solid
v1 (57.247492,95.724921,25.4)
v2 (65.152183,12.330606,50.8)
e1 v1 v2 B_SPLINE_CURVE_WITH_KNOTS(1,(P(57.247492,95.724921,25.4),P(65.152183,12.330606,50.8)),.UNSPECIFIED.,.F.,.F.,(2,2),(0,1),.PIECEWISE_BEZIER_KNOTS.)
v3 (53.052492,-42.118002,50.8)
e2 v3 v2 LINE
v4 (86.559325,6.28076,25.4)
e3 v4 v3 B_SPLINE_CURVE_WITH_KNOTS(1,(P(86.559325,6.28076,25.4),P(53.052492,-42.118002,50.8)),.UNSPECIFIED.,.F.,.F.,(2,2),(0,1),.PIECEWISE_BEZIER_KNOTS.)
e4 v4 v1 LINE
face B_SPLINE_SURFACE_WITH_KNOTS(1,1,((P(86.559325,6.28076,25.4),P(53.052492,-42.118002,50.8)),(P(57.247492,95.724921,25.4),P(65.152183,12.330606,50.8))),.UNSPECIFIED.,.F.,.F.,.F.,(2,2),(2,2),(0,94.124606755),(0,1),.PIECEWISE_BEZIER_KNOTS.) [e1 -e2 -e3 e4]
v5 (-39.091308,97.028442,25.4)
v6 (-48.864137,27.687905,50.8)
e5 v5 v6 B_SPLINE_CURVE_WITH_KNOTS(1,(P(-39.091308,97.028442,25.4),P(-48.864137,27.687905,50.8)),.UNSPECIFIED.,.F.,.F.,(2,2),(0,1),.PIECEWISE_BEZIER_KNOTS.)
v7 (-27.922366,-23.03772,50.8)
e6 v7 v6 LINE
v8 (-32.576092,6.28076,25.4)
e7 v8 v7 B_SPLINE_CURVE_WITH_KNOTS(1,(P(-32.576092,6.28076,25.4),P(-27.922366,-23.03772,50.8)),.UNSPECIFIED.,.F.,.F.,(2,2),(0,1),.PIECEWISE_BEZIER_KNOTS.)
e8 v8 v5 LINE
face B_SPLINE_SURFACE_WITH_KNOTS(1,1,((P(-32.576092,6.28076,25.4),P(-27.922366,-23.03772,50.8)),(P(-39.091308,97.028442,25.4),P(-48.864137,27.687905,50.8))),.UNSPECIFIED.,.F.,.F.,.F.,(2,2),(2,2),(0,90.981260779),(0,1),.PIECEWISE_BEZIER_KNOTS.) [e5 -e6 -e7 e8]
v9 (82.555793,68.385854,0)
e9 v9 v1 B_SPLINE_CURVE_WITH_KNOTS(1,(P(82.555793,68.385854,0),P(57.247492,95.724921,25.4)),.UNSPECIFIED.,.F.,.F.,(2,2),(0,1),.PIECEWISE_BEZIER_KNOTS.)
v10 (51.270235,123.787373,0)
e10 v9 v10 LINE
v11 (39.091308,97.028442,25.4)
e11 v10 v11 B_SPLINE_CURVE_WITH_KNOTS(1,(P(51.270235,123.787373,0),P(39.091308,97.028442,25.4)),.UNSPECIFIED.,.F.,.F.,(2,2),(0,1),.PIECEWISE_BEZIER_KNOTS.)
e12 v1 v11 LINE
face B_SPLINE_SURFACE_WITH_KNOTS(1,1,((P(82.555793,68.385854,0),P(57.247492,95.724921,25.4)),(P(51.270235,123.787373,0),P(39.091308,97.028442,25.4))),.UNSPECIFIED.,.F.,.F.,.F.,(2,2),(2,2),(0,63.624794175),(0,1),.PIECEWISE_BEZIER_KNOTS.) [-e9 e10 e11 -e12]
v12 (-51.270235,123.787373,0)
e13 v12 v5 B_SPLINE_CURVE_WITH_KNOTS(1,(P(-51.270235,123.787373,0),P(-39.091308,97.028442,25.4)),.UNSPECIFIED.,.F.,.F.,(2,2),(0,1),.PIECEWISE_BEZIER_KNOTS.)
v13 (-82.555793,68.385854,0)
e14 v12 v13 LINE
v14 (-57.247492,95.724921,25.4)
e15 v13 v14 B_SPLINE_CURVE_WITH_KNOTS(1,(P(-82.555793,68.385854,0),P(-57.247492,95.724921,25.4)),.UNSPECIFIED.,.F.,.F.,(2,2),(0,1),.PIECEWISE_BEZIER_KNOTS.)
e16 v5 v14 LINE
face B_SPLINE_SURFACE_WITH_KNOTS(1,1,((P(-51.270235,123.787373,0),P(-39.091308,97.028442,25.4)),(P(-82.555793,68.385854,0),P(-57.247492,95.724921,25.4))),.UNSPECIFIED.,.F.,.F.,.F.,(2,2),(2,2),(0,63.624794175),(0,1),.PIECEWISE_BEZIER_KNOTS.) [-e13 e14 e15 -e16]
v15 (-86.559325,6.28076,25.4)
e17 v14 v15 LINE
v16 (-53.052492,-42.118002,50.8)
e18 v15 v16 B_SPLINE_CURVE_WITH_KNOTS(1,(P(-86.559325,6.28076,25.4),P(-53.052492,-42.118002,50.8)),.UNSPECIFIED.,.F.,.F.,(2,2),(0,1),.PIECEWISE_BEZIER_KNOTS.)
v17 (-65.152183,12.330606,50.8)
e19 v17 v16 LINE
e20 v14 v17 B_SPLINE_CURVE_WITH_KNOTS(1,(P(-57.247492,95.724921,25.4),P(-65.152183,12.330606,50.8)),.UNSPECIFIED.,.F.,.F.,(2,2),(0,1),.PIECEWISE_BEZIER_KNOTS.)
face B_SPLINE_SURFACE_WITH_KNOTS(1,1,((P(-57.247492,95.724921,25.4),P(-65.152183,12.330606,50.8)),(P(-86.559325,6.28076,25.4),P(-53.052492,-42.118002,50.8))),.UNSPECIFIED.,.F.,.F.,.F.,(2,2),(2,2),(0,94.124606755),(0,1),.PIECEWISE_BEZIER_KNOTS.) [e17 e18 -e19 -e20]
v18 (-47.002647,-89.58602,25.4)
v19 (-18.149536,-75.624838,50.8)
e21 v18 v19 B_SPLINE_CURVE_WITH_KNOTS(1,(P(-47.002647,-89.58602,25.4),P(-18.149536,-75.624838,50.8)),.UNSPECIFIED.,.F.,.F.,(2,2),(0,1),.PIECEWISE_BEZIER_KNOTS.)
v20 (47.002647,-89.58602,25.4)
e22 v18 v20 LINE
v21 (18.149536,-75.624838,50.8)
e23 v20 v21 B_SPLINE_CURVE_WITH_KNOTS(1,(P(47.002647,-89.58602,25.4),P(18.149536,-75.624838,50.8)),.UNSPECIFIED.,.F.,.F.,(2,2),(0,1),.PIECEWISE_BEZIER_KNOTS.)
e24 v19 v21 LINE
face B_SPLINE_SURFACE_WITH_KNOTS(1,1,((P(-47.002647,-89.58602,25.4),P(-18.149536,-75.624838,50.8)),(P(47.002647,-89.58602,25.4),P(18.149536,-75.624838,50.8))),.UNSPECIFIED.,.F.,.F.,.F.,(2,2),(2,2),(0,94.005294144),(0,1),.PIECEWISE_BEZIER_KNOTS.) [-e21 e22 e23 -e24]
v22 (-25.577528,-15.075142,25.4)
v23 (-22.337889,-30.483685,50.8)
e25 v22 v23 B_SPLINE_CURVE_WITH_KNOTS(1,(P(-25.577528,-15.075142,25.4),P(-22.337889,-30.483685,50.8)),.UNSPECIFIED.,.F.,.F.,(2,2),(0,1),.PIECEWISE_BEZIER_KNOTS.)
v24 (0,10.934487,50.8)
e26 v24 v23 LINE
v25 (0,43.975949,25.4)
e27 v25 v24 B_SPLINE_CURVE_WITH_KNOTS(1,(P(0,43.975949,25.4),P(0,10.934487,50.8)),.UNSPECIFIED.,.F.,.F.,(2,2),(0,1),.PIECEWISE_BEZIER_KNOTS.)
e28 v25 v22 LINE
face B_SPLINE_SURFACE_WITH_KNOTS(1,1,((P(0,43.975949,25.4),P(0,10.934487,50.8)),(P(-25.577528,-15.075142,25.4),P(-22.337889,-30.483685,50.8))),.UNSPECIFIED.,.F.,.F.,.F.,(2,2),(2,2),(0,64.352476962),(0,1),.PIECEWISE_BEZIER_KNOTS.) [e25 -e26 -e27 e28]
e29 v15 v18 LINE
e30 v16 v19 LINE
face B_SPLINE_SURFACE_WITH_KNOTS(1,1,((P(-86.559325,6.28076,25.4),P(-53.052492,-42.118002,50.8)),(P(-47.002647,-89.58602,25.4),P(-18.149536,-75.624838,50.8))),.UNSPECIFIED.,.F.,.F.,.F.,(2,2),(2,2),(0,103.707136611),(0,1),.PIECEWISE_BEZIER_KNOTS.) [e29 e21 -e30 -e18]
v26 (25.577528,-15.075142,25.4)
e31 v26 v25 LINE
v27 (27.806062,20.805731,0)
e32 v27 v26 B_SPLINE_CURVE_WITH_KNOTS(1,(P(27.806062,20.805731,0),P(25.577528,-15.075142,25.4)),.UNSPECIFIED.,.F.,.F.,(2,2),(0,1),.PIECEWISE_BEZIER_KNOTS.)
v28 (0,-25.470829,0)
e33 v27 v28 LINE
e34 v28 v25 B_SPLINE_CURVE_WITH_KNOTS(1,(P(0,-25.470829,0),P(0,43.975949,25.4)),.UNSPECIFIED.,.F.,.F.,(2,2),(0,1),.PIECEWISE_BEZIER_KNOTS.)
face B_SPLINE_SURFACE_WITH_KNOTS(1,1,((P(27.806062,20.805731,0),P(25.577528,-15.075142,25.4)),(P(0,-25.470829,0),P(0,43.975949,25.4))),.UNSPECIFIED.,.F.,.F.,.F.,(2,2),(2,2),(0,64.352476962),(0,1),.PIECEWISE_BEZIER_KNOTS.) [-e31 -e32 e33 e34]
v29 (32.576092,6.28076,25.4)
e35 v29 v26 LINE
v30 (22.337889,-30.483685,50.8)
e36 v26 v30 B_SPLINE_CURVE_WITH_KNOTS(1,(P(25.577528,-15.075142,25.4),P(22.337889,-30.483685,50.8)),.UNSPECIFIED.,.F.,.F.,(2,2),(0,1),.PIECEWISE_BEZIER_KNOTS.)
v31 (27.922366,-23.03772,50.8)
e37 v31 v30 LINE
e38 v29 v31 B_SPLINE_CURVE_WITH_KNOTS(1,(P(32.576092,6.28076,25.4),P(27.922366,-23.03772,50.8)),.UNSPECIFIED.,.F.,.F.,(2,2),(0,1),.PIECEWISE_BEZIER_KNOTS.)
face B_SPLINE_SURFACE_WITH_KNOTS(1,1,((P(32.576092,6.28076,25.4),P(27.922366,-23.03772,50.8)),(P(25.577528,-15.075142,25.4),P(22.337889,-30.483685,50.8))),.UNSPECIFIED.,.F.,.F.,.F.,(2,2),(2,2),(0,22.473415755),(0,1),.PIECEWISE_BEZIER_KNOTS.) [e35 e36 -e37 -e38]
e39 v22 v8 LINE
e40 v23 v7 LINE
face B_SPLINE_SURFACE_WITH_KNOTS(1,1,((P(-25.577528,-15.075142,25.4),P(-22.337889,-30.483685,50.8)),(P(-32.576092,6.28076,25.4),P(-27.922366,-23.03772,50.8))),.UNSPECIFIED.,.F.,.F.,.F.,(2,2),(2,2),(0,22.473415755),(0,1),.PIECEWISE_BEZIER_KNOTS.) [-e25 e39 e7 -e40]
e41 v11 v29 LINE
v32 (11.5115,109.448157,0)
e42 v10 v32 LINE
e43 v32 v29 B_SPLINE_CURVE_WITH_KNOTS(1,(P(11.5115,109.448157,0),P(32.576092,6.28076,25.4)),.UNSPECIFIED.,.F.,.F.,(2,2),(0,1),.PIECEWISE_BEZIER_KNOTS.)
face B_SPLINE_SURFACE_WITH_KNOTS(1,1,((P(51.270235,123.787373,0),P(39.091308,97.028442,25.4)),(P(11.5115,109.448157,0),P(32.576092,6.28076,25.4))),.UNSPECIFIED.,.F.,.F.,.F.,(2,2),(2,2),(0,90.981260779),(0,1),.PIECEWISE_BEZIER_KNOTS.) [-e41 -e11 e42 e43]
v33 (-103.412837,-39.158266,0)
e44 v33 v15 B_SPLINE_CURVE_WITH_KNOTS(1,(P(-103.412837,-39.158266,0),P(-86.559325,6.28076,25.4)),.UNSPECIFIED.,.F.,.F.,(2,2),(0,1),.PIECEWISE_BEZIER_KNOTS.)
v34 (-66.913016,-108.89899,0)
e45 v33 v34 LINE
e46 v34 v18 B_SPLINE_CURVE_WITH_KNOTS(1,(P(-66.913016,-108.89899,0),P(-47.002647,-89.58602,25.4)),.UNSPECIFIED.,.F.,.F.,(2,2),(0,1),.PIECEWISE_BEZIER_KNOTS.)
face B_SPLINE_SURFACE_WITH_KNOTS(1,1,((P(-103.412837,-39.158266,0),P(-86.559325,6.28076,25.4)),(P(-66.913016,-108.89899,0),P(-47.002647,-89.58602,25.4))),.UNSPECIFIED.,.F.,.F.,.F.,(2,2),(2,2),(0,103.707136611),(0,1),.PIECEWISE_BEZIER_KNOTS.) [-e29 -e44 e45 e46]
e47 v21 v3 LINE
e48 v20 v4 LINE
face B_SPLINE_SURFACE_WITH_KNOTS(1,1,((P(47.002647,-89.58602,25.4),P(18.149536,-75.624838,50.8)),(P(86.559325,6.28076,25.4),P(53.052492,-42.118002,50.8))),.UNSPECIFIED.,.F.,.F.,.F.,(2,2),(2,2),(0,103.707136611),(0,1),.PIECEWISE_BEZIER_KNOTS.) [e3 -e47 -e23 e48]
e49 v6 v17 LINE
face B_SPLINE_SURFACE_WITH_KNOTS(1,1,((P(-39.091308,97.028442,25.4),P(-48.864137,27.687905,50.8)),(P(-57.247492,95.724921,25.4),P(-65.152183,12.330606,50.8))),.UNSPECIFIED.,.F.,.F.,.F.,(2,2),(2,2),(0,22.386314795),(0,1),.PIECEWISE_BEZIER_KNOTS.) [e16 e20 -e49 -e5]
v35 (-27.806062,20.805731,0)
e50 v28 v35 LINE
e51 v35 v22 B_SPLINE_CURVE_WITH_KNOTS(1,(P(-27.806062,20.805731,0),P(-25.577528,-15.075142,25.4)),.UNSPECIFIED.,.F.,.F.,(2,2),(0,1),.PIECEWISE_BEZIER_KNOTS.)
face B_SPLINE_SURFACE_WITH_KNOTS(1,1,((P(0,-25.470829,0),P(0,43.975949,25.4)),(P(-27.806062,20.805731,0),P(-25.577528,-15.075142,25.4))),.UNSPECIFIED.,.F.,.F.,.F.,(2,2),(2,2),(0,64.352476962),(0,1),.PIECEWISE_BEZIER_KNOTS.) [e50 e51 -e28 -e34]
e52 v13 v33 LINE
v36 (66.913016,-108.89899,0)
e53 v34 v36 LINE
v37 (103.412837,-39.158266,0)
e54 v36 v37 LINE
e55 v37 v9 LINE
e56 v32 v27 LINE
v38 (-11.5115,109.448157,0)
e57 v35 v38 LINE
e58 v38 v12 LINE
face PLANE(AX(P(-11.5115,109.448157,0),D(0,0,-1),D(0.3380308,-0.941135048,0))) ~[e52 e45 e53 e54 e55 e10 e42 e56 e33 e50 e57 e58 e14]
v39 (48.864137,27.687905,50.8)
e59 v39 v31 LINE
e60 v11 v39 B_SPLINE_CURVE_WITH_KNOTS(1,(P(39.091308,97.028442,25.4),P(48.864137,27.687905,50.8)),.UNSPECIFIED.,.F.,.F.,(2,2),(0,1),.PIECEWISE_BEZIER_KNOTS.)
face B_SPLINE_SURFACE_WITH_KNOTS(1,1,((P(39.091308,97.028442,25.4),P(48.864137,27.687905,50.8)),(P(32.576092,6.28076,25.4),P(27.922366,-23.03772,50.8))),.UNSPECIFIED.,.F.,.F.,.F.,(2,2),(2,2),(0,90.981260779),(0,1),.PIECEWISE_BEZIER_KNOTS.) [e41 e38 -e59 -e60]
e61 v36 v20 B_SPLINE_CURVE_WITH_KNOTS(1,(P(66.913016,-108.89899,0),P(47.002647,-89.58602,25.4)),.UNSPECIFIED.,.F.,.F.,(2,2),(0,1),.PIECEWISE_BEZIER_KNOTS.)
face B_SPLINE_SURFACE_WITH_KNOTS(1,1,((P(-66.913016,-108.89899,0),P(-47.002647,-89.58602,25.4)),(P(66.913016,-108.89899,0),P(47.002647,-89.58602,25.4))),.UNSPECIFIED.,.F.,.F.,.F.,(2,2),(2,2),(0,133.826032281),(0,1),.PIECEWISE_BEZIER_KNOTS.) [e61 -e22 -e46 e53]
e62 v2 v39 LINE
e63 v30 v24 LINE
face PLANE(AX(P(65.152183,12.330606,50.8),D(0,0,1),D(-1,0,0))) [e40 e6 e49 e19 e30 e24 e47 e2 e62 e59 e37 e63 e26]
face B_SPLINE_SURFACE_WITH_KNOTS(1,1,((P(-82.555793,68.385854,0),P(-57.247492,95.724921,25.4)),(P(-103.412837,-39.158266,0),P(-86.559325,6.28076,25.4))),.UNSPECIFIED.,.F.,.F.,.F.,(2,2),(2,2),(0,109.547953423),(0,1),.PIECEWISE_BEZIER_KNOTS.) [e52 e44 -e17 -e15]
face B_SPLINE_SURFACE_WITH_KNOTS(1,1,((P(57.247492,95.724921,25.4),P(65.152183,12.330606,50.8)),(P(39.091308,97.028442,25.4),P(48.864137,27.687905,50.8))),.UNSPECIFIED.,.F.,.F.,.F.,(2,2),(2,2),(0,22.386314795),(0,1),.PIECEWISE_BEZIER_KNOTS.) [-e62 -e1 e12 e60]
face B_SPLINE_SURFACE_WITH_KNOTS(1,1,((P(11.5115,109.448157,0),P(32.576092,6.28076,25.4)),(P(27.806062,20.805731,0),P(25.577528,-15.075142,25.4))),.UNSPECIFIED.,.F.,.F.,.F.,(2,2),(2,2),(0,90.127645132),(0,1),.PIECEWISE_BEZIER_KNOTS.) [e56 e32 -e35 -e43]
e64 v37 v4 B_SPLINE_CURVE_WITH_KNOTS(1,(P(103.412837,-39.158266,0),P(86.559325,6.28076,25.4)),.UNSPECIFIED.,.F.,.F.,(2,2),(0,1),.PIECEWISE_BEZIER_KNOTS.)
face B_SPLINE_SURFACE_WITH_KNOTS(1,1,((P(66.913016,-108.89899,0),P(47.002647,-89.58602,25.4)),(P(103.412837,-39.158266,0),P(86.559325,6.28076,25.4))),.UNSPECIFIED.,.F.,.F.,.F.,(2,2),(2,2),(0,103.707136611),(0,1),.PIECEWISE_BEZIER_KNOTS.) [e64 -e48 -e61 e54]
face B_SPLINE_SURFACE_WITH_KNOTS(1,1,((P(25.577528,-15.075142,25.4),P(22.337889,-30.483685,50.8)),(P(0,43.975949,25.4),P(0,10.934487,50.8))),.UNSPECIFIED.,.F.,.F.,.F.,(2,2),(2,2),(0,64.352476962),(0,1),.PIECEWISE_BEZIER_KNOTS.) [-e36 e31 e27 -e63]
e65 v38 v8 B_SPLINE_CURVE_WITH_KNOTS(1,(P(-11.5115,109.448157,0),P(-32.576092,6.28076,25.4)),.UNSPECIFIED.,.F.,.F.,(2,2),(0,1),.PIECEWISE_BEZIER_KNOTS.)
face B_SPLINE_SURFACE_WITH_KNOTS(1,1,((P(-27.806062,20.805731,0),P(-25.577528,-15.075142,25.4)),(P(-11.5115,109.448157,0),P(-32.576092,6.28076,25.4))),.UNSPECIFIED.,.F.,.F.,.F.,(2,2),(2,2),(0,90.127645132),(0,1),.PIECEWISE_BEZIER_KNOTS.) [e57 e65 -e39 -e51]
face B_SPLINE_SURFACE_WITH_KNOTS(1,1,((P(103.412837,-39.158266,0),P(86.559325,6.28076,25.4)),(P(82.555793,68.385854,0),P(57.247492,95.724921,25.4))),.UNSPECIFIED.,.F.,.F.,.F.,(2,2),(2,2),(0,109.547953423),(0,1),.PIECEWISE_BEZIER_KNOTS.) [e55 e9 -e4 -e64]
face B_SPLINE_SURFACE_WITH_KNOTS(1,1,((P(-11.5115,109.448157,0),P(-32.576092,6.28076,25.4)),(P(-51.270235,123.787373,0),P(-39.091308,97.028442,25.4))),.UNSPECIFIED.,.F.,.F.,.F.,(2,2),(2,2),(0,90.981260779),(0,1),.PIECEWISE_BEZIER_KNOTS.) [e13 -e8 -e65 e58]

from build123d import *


with BuildPart() as f3:
    # F0 (on Top) → F3 section 0
    with BuildSketch(Plane.XY):
        Polygon((-11.5114999935, 109.4481572509), (-51.2702353299, 123.7873733044), (-82.5557932258, 68.3858543634), (-103.4128367901, -39.1582660377), (-66.9130161405, -108.8989898562), (66.9130161405, -108.8989898562), (103.4128367901, -39.1582660377), (82.5557932258, 68.3858543634), (51.2702353299, 123.7873733044), (11.5114999935, 109.4481572509), (27.8060622513, 20.8057314157), (0, -25.4708286375), (-27.8060622513, 20.8057314157), align=None)
    # F2 (on offset) → F3 section 1
    with BuildSketch(Plane.XY.offset(25.4)):
        Polygon((-25.577528252, -15.0751416393), (-32.5760915875, 6.2807598151), (-39.0913076699, 97.0284417272), (-57.247491911, 95.7249212287), (-86.5593254566, 6.2807598151), (-47.0026470721, -89.586019516), (47.0026470721, -89.586019516), (86.5593254566, 6.2807598151), (57.247491911, 95.7249212287), (39.0913076699, 97.0284417272), (32.5760915875, 6.2807598151), (25.577528252, -15.0751416393), (0, 43.9759492874), align=None)
    loft()

    # F3_face (on face) → F6 section 0
    with BuildSketch(Plane(origin=(0, -9.0342573877, 25.4), x_dir=(1, 0, 0), z_dir=(0, 0, 1))):
        Polygon((57.247491911, 104.7591786164), (39.0913076699, 106.0626991149), (32.5760915875, 15.3150172028), (25.577528252, -6.0408842515), (0, 53.0102066751), (-25.577528252, -6.0408842515), (-32.5760915875, 15.3150172028), (-39.0913076699, 106.0626991149), (-57.247491911, 104.7591786164), (-86.5593254566, 15.3150172028), (-47.0026470721, -80.5517621283), (47.0026470721, -80.5517621283), (86.5593254566, 15.3150172028), align=None)
    # F5 (on offset) → F6 section 1
    with BuildSketch(Plane.XY.offset(50.8)):
        Polygon((22.3378892988, -30.4836854339), (0, 10.9344869852), (-22.3378892988, -30.4836854339), (-27.9223658144, -23.0377204716), (-48.8641373813, 27.6879053563), (-65.1521831751, 12.3306056485), (-53.0524924397, -42.1180017292), (-18.149536103, -75.6248384714), (18.149536103, -75.6248384714), (53.0524924397, -42.1180017292), (65.1521831751, 12.3306056485), (48.8641373813, 27.6879053563), (27.9223658144, -23.0377204716), align=None)
    loft()


solid = f3.part
